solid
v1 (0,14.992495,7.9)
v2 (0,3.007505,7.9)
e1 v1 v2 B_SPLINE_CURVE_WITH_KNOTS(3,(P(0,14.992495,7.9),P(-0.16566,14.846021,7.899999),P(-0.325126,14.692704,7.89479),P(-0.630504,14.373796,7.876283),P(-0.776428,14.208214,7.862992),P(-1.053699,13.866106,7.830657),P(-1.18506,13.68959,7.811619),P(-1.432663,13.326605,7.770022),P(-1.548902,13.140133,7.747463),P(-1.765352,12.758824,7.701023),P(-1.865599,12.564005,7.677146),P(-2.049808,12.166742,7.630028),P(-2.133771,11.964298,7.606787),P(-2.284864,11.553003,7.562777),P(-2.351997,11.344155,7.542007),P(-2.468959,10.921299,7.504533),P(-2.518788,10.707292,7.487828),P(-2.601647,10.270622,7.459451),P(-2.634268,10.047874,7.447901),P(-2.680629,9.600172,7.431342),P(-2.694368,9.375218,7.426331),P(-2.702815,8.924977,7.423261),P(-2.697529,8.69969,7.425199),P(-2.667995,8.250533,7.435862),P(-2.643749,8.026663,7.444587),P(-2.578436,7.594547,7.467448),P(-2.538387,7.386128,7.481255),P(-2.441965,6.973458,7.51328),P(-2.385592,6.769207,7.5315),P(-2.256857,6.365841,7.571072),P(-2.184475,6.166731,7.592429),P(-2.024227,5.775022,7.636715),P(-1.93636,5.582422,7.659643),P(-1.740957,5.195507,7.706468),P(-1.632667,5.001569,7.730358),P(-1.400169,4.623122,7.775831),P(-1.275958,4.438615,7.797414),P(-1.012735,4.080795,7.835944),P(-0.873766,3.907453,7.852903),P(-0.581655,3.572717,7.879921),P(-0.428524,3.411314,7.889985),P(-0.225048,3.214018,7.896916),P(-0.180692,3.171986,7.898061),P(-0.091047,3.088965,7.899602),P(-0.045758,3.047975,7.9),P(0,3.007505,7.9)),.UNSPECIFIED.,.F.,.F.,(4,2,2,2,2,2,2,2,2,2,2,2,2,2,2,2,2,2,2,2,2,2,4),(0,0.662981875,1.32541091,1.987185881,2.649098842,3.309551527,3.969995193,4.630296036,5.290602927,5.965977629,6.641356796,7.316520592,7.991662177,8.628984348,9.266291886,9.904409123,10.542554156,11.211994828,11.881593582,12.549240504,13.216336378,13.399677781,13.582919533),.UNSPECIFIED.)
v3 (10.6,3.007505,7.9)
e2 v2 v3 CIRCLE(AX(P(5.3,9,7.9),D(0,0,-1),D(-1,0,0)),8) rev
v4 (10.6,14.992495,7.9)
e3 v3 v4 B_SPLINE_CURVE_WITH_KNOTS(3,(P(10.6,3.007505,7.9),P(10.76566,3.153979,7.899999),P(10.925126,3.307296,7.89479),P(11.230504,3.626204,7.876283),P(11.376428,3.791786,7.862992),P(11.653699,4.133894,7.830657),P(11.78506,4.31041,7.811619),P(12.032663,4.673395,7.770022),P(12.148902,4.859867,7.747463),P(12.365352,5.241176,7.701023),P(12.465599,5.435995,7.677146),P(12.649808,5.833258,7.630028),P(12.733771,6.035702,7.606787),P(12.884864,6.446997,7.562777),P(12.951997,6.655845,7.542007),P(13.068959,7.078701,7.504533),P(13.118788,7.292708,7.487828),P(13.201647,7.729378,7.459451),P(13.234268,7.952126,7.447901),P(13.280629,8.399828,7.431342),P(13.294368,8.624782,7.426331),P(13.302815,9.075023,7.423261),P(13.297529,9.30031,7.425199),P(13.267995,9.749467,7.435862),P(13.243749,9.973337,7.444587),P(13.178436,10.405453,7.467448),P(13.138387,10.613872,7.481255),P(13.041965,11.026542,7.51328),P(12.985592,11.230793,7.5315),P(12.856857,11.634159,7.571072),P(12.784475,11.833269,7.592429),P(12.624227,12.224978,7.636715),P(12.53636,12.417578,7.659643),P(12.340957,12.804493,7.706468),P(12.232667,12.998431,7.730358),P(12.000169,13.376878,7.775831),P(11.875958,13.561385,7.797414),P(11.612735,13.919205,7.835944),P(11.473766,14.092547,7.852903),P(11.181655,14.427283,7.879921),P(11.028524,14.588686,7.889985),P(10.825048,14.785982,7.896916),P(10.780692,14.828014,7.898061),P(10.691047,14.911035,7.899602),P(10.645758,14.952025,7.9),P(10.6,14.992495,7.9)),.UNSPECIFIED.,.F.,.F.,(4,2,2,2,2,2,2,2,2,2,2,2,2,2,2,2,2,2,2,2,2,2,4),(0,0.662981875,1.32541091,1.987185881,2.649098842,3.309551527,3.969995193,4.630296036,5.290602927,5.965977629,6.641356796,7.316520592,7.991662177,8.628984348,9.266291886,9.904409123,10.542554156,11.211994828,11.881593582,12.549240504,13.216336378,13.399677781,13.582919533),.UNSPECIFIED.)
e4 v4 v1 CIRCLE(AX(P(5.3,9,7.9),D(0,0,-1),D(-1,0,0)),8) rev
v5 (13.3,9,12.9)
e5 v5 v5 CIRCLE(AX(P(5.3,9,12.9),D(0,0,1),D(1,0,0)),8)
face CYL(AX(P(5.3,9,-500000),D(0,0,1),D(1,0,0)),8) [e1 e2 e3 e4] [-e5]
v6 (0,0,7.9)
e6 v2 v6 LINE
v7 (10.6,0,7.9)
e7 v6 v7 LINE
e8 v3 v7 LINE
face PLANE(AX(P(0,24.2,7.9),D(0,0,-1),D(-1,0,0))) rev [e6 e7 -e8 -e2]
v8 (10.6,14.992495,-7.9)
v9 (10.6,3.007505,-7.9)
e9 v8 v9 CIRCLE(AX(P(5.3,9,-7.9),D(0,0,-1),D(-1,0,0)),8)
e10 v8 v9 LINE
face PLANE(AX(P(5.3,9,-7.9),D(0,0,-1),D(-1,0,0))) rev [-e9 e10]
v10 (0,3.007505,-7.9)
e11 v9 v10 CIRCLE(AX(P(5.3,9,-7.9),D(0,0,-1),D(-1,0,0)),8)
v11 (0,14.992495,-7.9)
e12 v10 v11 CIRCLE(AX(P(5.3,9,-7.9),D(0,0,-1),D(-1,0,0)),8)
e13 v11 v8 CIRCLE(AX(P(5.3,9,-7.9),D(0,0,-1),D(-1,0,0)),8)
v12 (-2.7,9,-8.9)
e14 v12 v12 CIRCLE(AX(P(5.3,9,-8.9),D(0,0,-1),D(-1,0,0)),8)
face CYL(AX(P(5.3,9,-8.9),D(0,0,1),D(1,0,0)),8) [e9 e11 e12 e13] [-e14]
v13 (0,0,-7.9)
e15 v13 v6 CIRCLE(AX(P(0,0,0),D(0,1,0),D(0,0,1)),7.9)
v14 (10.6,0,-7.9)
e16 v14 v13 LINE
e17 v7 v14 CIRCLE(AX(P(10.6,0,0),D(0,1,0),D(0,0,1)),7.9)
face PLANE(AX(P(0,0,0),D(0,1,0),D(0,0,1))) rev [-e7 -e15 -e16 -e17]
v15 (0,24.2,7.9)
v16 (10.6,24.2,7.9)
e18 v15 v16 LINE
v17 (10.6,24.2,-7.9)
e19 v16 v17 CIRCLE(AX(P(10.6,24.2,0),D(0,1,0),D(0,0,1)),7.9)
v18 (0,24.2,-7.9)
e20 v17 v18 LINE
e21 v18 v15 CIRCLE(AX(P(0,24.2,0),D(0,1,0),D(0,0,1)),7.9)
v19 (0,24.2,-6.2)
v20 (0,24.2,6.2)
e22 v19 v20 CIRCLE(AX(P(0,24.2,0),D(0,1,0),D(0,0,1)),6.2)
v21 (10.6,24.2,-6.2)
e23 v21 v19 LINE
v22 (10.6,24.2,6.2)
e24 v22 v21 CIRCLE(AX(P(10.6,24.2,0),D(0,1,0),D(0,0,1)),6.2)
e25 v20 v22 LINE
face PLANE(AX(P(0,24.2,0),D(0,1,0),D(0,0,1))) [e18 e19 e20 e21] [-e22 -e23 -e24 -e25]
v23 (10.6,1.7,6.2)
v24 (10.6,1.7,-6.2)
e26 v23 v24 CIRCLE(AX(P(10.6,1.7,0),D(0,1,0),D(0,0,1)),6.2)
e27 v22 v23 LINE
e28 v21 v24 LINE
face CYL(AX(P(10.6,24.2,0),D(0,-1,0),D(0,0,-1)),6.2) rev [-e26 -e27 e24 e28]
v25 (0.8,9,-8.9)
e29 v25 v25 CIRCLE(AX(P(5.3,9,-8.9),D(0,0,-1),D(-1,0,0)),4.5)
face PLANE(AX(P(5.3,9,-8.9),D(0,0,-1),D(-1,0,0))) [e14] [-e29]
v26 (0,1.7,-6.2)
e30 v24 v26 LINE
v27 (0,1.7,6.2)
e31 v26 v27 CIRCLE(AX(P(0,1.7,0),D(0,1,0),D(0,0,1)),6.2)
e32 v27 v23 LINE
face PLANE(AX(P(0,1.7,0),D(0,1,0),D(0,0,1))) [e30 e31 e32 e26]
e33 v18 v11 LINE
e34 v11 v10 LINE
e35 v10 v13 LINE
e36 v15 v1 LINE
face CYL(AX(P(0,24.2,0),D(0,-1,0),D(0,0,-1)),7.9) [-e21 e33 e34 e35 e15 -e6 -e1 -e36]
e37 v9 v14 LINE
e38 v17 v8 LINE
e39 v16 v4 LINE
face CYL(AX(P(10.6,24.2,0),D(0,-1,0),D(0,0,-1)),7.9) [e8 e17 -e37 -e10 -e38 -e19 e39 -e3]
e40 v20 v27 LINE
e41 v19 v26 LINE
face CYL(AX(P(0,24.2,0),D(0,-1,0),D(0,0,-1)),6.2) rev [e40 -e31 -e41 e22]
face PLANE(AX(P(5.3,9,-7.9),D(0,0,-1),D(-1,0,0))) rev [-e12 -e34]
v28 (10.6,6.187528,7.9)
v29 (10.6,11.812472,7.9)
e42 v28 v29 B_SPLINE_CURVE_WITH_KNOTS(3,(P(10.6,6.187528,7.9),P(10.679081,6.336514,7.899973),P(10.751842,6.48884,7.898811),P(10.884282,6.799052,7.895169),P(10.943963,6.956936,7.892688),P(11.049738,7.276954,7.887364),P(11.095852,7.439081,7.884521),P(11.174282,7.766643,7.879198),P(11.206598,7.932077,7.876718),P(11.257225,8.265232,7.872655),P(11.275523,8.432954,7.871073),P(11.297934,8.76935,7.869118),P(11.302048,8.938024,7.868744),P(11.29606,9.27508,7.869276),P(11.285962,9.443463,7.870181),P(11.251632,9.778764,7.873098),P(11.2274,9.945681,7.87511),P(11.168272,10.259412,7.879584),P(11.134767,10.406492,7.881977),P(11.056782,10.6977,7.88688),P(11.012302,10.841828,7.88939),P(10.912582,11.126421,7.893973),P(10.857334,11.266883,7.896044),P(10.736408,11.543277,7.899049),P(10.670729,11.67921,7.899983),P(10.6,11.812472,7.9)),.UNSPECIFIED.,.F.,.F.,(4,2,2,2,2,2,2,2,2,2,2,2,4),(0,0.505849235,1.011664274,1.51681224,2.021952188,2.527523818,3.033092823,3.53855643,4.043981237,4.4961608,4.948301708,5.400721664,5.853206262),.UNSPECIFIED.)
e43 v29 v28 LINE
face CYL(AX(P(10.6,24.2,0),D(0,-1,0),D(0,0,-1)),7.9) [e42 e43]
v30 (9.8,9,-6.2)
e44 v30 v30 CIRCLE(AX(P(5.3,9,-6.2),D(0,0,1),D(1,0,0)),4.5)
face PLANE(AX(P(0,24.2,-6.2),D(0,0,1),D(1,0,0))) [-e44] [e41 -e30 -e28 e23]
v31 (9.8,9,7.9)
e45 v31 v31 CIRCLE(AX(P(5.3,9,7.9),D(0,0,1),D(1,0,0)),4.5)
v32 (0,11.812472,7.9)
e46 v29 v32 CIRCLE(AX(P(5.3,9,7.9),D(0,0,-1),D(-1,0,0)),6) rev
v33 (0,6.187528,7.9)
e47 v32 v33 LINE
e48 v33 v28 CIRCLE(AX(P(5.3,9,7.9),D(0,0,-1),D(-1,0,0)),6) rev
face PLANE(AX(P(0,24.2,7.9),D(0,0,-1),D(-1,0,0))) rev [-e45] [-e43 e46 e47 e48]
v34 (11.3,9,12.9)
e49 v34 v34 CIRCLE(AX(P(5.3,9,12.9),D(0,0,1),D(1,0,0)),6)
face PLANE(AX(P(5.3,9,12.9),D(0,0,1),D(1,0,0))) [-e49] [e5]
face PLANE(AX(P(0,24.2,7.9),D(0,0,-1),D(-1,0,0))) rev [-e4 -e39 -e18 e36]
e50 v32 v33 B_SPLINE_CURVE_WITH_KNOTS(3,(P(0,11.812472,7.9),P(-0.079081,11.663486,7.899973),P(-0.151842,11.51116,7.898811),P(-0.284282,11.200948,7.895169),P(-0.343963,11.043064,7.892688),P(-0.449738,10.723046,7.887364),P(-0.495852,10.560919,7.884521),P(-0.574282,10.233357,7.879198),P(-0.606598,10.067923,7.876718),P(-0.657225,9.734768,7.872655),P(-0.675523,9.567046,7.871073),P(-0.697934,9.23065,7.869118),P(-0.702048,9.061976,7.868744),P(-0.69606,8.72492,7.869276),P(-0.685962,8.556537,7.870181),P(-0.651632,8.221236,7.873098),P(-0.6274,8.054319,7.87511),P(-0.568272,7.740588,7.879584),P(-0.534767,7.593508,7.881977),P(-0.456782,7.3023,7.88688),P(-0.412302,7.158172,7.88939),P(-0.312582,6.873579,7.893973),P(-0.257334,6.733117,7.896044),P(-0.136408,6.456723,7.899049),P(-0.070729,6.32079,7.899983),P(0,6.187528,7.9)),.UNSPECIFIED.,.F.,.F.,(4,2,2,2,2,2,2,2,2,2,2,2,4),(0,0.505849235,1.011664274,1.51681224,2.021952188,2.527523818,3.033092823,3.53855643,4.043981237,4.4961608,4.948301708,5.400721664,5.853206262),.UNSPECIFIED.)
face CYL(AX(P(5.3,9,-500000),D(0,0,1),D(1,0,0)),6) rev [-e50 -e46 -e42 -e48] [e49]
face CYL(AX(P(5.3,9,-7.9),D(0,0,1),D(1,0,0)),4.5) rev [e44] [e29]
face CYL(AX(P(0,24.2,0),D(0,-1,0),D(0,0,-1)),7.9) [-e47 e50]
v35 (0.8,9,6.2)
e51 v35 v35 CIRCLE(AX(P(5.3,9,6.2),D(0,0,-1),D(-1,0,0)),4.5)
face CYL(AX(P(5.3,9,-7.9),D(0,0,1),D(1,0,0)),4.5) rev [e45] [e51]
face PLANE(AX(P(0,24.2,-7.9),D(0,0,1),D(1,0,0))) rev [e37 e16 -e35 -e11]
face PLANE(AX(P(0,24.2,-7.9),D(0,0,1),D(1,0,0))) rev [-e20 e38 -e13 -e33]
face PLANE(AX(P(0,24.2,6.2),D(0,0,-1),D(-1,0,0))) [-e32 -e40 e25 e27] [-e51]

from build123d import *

# Parameters (mm, degrees)
EXTRUDE_1_DEPTH     = 24.2
SHELL_1_T           = -1.7
EXTRUDE_2_REACH     = 38.885
SKETCH_2_R          = 8
SKETCH_2_R_2        = 6
SKETCH_3_R          = 4.5
CUT_EXTRUDE_1_DEPTH = 35.315157171
SKETCH_4_R          = 8
SKETCH_4_R_2        = 4.5
EXTRUDE_3_DEPTH     = 1


with BuildPart() as part:
    # 草圖1 → 填料-伸長1 (new body)
    with BuildSketch(Plane(origin=(0, 0, 0), x_dir=(1, 0, 0), z_dir=(0, 1, 0))):
        with BuildLine():
            Line((0, 7.9), (10.6, 7.9))
            ThreePointArc((10.6, 7.9), (18.5, 0), (10.6, -7.9))
            Line((10.6, -7.9), (0, -7.9))
            ThreePointArc((0, -7.9), (-7.9, 0), (0, 7.9))
        make_face()
    extrude(amount=EXTRUDE_1_DEPTH)

    # 薄殼1
    shell_1_openings = [part.faces().sort_by_distance(p)[0] for p in [
        (5.3, 24.2, 0),
    ]]
    offset(amount=SHELL_1_T, openings=shell_1_openings, kind=Kind.INTERSECTION)

    # 草圖2 → 填料-伸長2 (add, up to next)
    with BuildSketch(Plane.XY.offset(12.9), mode=Mode.PRIVATE) as extrude_2_sk1:
        with Locations((5.3, 9)):
            Circle(SKETCH_2_R)
        with Locations((5.3, 9)):
            Circle(SKETCH_2_R_2, mode=Mode.SUBTRACT)
    extrude_2_tool1 = extrude(extrude_2_sk1.sketch, amount=-EXTRUDE_2_REACH, mode=Mode.PRIVATE) - part.part
    add(extrude_2_tool1.solids().sort_by_distance((-2.473726, 9, 12.9))[0])

    # 草圖3 → 除料-伸長1 (cut, through all)
    with BuildSketch(Plane.XY.offset(7.9)):
        with Locations((5.3, 9)):
            Circle(SKETCH_3_R)
    extrude(amount=-CUT_EXTRUDE_1_DEPTH, mode=Mode.SUBTRACT)

    # 草圖4 → 填料-伸長3 (add)
    with BuildSketch(Plane(origin=(0, 0, -7.9), x_dir=(-1, 0, 0), z_dir=(0, 0, -1))):
        with Locations(Location((-5.3, 9, 0), (0, 0, 180))):
            Circle(SKETCH_4_R)
        with Locations(Location((-5.3, 9, 0), (0, 0, 180))):
            Circle(SKETCH_4_R_2, mode=Mode.SUBTRACT)
    extrude(amount=EXTRUDE_3_DEPTH)


solid = part.part
